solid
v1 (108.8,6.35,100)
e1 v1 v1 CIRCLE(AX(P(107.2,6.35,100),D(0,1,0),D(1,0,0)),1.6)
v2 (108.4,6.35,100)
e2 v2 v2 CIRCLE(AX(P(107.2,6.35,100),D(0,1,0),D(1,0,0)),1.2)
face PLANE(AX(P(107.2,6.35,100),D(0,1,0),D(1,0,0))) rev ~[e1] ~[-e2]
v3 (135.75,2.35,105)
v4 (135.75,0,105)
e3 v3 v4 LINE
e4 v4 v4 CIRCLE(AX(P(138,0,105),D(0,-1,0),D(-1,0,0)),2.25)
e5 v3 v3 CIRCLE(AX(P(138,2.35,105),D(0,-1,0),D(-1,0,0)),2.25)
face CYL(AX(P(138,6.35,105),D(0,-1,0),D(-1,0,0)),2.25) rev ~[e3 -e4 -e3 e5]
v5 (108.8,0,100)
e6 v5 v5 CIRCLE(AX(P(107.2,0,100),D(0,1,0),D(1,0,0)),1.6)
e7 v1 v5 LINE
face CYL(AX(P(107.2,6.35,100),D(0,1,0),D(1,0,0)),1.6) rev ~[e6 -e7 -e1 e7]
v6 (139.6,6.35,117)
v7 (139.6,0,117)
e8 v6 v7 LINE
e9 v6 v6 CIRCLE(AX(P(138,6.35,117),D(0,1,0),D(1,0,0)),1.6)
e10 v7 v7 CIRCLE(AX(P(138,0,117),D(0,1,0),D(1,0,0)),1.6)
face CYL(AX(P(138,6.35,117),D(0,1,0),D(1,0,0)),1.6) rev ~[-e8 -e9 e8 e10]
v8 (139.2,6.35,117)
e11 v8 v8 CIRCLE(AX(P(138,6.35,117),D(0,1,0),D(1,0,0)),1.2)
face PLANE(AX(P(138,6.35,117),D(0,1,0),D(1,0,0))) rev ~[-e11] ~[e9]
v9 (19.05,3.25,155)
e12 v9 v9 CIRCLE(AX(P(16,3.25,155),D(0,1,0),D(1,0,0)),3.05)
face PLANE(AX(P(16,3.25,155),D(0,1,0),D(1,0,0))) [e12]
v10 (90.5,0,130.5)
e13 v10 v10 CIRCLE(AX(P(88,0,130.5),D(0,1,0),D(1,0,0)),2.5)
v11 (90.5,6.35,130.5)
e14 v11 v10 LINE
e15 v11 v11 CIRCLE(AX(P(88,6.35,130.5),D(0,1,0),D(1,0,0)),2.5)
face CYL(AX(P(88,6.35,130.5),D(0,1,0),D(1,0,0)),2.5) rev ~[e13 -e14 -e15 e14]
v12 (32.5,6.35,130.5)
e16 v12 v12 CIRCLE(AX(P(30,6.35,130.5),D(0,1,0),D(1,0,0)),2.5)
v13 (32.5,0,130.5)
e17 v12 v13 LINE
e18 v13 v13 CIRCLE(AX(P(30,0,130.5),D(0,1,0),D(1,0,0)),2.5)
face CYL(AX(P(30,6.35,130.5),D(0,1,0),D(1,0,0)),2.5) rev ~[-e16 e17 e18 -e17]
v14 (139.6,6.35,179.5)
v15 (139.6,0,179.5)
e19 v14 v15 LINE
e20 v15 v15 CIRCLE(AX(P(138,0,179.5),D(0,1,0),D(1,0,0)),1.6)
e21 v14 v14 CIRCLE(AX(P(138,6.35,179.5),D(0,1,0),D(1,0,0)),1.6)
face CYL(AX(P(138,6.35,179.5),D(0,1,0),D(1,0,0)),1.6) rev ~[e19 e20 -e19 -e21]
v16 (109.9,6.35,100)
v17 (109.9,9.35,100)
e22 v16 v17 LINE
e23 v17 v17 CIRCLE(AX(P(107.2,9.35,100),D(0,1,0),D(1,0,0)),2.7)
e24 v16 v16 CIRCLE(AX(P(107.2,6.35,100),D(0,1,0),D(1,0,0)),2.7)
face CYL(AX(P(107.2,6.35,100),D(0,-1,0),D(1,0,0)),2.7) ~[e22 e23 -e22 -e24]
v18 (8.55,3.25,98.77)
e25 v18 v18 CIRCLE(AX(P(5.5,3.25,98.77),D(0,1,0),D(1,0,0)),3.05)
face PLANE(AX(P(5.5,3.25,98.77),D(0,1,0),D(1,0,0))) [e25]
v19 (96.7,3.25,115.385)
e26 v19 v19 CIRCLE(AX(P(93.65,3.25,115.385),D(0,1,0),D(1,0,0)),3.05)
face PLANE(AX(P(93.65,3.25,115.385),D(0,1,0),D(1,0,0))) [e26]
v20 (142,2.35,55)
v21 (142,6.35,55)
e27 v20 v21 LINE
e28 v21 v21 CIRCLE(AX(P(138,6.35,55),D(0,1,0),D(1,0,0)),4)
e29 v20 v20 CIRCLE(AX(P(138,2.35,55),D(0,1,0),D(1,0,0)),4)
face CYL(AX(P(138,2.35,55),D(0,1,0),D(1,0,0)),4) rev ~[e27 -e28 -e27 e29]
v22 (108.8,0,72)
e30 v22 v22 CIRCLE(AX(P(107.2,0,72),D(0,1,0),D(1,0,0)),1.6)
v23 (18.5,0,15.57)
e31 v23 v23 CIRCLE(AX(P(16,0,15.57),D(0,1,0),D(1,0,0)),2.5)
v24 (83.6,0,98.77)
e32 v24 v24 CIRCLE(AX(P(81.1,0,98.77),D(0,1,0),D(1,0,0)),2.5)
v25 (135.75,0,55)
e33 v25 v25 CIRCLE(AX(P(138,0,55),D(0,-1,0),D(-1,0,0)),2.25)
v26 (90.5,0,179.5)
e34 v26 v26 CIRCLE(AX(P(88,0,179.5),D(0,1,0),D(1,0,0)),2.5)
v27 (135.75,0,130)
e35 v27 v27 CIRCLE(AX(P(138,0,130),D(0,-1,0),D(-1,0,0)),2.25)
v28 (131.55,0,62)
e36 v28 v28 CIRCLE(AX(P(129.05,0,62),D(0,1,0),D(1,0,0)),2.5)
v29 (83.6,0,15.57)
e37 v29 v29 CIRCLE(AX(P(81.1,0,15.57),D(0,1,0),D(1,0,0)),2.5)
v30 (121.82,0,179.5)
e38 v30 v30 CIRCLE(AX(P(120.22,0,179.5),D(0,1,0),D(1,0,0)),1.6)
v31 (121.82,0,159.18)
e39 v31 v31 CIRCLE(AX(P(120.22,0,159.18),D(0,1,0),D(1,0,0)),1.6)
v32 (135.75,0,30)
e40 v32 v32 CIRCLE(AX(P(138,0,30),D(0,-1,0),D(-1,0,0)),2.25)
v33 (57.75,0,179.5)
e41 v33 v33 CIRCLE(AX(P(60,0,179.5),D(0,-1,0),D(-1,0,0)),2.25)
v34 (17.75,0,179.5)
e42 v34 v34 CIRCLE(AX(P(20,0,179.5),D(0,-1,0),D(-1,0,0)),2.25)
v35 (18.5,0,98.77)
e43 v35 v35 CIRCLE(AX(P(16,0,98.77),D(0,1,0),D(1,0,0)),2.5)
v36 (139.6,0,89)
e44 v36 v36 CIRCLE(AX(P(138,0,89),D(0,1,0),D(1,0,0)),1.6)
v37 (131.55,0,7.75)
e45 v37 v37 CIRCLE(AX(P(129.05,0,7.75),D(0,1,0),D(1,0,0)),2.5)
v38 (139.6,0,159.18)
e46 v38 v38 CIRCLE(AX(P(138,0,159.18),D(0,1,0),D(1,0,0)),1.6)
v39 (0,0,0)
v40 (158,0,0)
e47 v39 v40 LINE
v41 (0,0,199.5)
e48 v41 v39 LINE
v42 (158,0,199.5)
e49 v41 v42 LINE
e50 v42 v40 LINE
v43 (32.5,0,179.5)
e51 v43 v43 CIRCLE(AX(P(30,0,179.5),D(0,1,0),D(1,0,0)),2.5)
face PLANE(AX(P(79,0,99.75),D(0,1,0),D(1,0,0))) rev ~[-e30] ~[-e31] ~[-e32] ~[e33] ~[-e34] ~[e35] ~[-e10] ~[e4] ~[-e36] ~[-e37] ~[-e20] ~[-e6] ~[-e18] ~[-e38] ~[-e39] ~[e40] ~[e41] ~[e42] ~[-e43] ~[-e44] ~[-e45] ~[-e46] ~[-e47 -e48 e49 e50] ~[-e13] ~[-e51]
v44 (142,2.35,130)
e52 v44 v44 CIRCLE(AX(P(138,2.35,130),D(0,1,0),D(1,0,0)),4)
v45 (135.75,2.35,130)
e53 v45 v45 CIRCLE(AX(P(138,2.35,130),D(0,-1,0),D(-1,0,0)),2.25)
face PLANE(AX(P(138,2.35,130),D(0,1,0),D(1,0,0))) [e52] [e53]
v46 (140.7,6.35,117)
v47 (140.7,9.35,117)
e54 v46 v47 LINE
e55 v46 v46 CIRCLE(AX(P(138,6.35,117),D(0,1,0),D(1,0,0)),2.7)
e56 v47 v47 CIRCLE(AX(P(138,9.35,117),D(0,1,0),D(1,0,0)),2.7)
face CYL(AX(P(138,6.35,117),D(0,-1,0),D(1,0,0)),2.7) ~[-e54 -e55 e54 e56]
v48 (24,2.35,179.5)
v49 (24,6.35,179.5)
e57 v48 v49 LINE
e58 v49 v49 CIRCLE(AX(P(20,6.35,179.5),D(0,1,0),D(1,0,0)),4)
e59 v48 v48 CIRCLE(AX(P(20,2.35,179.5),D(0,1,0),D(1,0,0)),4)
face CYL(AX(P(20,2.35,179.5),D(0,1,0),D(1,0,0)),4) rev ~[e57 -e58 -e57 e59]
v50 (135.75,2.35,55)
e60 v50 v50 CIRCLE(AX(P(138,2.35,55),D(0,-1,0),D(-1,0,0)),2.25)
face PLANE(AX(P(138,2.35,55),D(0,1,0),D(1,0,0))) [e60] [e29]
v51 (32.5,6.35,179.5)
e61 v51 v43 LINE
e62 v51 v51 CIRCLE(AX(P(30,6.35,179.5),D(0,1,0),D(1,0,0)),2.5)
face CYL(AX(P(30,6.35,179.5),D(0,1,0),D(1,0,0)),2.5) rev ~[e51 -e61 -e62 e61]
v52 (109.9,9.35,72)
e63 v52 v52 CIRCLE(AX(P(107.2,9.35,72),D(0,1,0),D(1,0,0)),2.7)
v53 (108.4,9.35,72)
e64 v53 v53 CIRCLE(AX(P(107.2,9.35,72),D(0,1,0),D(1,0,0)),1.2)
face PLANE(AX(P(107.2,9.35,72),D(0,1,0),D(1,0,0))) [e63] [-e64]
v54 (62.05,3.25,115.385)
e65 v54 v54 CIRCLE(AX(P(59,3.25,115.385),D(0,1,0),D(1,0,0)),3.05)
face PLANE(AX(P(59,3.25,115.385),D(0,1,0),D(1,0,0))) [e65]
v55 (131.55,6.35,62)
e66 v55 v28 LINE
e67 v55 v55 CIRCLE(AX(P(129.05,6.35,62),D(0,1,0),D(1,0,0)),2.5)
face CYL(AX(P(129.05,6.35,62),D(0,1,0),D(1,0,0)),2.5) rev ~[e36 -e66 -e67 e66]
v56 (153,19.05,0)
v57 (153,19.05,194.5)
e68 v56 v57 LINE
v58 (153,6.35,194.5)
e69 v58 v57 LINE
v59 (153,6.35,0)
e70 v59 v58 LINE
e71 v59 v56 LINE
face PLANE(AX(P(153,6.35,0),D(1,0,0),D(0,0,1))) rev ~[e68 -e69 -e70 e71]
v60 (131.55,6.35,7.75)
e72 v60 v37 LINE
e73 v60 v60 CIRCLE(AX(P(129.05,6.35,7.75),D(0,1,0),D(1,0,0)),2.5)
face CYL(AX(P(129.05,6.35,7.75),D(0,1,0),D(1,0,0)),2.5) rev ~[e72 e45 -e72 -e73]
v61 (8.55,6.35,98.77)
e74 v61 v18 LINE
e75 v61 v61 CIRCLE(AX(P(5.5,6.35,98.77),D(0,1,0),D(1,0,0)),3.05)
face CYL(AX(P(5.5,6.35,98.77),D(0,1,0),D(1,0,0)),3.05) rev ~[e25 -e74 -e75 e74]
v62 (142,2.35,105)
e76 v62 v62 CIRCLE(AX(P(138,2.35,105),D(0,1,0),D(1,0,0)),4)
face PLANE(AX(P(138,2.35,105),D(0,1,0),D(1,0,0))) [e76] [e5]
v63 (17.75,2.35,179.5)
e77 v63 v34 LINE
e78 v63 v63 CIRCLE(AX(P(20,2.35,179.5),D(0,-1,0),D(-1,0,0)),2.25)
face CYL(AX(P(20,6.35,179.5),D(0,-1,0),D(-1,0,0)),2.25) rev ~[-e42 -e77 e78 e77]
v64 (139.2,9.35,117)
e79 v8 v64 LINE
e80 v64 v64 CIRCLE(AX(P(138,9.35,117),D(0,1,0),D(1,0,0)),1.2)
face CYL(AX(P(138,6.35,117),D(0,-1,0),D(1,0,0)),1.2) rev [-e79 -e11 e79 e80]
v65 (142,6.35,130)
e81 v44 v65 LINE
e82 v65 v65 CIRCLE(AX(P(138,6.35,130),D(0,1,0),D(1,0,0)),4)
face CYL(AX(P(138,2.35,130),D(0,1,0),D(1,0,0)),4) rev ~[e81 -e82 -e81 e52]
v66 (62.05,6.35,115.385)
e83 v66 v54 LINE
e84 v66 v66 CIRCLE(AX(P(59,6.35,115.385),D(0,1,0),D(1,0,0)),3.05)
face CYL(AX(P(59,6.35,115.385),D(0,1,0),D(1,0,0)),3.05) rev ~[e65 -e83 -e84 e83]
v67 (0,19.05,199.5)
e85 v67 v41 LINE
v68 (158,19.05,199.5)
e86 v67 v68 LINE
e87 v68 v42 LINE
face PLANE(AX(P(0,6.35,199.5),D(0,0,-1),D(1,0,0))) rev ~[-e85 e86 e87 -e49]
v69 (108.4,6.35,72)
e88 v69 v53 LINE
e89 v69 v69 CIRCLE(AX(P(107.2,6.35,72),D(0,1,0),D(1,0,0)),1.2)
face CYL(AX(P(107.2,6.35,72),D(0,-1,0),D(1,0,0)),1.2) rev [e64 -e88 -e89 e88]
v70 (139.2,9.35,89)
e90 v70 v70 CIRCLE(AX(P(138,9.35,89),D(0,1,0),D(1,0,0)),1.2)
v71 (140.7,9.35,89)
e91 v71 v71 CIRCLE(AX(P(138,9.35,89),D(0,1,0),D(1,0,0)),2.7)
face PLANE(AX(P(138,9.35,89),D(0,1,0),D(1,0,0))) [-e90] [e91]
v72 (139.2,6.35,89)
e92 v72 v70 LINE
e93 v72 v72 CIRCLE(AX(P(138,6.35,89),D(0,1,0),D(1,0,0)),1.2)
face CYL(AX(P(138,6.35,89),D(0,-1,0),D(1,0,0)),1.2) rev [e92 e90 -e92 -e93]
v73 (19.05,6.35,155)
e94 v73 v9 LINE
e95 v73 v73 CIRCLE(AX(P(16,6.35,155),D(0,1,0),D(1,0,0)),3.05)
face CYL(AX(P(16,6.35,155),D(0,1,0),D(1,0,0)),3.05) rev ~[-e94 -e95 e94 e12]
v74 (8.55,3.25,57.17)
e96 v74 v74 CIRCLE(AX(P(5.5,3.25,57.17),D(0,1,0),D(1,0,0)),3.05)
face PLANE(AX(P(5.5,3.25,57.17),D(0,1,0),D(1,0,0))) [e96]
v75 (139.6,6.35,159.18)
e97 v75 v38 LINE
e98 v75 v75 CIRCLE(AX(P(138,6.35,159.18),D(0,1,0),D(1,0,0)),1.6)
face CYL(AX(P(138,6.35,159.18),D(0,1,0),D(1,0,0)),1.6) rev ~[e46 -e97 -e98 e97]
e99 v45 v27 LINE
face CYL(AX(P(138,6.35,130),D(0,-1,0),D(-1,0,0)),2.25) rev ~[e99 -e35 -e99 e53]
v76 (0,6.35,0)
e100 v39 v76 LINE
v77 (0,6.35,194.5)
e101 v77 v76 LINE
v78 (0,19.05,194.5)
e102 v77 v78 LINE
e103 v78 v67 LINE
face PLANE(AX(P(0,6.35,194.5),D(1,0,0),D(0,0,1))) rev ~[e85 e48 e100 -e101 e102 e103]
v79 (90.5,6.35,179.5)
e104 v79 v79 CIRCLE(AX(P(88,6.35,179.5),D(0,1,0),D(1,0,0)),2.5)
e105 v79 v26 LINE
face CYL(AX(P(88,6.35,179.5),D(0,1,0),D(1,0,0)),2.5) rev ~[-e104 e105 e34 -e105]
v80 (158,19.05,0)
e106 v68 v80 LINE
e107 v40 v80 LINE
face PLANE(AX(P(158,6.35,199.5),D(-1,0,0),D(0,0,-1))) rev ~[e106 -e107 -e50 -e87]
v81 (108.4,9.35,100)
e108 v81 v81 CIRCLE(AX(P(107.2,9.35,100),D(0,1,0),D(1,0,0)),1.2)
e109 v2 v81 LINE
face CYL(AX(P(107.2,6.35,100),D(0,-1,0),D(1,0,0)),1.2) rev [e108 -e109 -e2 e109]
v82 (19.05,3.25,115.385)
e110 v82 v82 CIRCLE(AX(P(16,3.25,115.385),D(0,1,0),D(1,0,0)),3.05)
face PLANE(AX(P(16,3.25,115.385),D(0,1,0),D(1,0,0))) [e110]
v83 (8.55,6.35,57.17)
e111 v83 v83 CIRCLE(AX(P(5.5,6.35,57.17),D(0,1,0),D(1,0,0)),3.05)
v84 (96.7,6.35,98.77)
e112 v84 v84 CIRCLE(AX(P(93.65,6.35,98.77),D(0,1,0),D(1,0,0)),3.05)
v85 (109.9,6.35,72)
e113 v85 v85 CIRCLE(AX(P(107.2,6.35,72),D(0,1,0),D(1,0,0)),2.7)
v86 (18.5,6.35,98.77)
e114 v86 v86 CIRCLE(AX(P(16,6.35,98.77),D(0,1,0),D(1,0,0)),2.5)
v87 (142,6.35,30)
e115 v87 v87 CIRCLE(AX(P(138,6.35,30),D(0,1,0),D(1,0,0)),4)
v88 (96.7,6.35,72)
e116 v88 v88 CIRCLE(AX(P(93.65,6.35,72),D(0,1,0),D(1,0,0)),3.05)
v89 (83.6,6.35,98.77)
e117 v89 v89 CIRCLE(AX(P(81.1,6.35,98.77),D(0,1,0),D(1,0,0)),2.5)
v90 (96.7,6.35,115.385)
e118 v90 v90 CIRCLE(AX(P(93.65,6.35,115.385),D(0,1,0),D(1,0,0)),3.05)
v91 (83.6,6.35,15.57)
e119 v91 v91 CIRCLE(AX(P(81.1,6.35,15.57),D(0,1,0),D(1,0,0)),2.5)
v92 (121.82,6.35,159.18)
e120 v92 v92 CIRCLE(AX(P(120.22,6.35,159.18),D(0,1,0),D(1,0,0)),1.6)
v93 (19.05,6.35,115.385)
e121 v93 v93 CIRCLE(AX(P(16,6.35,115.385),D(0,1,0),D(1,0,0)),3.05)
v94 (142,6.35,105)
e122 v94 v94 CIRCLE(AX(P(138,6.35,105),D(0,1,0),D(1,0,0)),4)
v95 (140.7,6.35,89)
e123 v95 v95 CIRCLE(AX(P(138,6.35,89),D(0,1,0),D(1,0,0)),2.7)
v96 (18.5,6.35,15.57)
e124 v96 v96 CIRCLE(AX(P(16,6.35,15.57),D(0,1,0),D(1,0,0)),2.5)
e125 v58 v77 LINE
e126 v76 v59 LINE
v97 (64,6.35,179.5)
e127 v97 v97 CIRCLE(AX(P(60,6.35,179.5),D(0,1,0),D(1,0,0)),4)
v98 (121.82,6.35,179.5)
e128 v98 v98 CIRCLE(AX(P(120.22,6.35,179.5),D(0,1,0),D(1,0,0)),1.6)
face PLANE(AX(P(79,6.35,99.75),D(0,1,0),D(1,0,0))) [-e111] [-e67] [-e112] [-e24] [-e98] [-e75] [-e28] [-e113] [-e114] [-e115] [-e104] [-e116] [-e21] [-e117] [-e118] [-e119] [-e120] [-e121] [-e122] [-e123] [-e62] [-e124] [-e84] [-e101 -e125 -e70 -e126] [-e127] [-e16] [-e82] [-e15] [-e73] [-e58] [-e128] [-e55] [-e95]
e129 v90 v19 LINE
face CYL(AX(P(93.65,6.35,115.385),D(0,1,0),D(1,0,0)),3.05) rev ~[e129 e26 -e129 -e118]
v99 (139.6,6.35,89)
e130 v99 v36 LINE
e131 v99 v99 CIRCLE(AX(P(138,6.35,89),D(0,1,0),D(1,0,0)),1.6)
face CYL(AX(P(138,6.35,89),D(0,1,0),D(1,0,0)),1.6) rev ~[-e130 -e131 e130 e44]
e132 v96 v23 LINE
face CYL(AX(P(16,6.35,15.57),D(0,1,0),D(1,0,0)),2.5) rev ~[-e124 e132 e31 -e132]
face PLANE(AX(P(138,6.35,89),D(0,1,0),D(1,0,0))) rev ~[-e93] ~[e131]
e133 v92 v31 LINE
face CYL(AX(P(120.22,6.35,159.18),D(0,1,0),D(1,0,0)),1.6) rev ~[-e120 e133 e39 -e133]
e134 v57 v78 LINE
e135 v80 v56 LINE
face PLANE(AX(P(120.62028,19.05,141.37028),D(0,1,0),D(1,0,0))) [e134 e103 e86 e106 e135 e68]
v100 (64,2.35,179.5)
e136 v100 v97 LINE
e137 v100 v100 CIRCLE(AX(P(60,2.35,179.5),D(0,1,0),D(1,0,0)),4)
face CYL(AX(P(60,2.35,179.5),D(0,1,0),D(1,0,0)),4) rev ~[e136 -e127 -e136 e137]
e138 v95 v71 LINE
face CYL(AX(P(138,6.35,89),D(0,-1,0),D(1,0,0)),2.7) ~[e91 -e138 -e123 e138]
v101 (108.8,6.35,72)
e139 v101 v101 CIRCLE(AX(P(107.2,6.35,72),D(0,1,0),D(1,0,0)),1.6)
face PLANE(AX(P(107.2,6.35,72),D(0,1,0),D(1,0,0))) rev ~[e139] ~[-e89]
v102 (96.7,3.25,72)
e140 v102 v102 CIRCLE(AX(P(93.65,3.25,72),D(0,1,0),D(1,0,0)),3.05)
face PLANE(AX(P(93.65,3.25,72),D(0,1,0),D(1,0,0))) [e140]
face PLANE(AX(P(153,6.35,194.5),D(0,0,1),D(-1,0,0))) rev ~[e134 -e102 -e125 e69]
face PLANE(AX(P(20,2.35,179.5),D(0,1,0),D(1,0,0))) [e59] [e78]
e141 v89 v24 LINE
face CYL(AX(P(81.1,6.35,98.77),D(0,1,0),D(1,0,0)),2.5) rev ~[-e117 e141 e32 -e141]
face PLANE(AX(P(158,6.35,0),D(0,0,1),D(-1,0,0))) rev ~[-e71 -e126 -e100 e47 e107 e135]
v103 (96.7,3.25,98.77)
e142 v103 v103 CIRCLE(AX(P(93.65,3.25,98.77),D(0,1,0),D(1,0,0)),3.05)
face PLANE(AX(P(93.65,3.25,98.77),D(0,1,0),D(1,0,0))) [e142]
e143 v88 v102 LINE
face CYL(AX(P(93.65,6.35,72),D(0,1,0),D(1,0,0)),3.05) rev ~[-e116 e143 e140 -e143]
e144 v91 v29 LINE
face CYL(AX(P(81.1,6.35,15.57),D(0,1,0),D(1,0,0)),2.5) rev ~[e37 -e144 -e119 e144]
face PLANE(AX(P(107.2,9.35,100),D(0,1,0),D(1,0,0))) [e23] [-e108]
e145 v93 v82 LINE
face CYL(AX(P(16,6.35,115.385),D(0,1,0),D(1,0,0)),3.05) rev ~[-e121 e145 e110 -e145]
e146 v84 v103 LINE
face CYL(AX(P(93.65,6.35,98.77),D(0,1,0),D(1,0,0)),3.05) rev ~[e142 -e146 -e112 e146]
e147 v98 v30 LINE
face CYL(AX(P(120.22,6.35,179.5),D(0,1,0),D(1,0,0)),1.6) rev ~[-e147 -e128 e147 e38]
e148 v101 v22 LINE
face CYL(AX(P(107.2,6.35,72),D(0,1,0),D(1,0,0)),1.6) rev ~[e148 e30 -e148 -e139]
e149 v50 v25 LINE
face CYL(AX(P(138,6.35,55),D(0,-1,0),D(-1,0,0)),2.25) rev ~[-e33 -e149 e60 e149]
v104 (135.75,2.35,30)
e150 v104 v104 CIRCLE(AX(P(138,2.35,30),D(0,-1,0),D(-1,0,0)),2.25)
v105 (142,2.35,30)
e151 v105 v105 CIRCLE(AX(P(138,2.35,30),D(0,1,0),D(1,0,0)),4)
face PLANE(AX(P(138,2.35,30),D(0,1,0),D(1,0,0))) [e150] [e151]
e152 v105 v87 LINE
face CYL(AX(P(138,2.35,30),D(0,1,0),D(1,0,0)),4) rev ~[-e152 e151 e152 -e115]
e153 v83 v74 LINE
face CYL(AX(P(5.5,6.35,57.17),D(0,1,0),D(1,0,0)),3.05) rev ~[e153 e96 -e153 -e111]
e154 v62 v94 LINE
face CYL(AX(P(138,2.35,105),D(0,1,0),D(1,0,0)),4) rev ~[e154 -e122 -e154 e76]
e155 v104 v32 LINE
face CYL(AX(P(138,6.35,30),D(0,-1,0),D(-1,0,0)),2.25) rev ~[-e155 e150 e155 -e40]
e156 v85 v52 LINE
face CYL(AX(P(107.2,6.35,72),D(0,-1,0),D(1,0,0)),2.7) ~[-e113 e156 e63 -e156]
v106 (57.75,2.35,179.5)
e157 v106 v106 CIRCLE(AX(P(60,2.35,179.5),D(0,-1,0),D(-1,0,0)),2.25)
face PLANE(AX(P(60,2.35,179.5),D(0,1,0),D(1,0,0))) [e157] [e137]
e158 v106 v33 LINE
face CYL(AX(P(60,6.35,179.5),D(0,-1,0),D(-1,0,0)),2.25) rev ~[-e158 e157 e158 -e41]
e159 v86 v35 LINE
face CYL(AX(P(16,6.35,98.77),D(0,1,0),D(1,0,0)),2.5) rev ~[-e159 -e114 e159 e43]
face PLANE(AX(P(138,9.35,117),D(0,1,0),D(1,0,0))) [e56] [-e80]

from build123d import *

# Parameters (mm, degrees)
SKETCH1_W                      = 158
SKETCH1_H                      = 199.5
BOSS_EXTRUDE1_DEPTH            = 6.35
BOSS_EXTRUDE2_DEPTH            = 12.7
CBORE_FOR_M4_SHCS1_D           = 4.5
CBORE_FOR_M4_SHCS1_DEPTH       = 6.35
CBORE_FOR_M4_SHCS1_CBORE_D     = 8
CBORE_FOR_M4_SHCS1_CBORE_DEPTH = 4
SKETCH8_R                      = 2.5
ESTOP_DEPTH                    = 7.35
SKETCH9_R                      = 2.5
NUCLEOANDPI_DEPTH              = 7.35
SKETCH10_R                     = 2.7
SKETCH10_R_2                   = 1.2
BUCKS_EXTRUDE_DEPTH            = 3
SKETCH11_R                     = 1.6
BUCKS_CUT_DEPTH                = 6.35
BUCK_2_COUNT                   = 2
BUCK_2_PITCH                   = 28
SKETCH12_R                     = 2.5
PI_2_DEPTH                     = 7.35
SKETCH13_R                     = 1.6
IMU_DEPTH                      = 7.35
SKETCH15_R                     = 3.05
MAGNETS_DEPTH                  = 3.1


with BuildPart() as part:
    # Sketch1 → Boss-Extrude1 (new body)
    with BuildSketch(Plane(origin=(0, 0, 0), x_dir=(1, 0, 0), z_dir=(0, 1, 0))):
        with Locations((79, -99.75)):
            Rectangle(SKETCH1_W, SKETCH1_H)
    extrude(amount=BOSS_EXTRUDE1_DEPTH)

    # Sketch3 → Boss-Extrude2 (add)
    with BuildSketch(Plane(origin=(0, 6.35, 0), x_dir=(1, 0, 0), z_dir=(0, 1, 0))):
        Polygon((158, -199.5), (158, 0), (153, 0), (153, -194.5), (0, -194.5), (0, -199.5), align=None)
    extrude(amount=BOSS_EXTRUDE2_DEPTH)

    # CBORE for M4 SHCS1
    with Locations(Plane(origin=(0, 6.35, 0), x_dir=(1, 0, 0), z_dir=(0, 1, 0))):
        with Locations((138, -55), (20, -179.5), (60, -179.5), (138, -130), (138, -105), (138, -30)):
            CounterBoreHole(CBORE_FOR_M4_SHCS1_D / 2, CBORE_FOR_M4_SHCS1_CBORE_D / 2, CBORE_FOR_M4_SHCS1_CBORE_DEPTH, depth=CBORE_FOR_M4_SHCS1_DEPTH)

    # Sketch8 → eStop (cut, through all)
    with BuildSketch(Plane(origin=(0, 6.35, 0), x_dir=(1, 0, 0), z_dir=(0, 1, 0))):
        with Locations((129.05, -62)):
            Circle(SKETCH8_R)
        with Locations((129.05, -7.75)):
            Circle(SKETCH8_R)
    extrude(amount=-ESTOP_DEPTH, mode=Mode.SUBTRACT)

    # Sketch9 → NucleoAndPi (cut, through all)
    with BuildSketch(Plane(origin=(0, 6.35, 0), x_dir=(1, 0, 0), z_dir=(0, 1, 0))):
        with Locations((16, -15.57)):
            Circle(SKETCH9_R)
        with Locations((81.1, -15.57)):
            Circle(SKETCH9_R)
        with Locations((81.1, -98.77)):
            Circle(SKETCH9_R)
        with Locations((16, -98.77)):
            Circle(SKETCH9_R)
    extrude(amount=-NUCLEOANDPI_DEPTH, mode=Mode.SUBTRACT)

    # Sketch10 → Bucks - Extrude (add)
    with BuildSketch(Plane(origin=(0, 6.35, 0), x_dir=(1, 0, 0), z_dir=(0, 1, 0))):
        with Locations((138, -89)):
            Circle(SKETCH10_R)
        with Locations((138, -89)):
            Circle(SKETCH10_R_2, mode=Mode.SUBTRACT)
        with Locations((107.2, -72)):
            Circle(SKETCH10_R)
        with Locations((107.2, -72)):
            Circle(SKETCH10_R_2, mode=Mode.SUBTRACT)
    bucks_extrude = extrude(amount=BUCKS_EXTRUDE_DEPTH)

    # Sketch11 → Bucks - Cut (cut)
    with BuildSketch(Plane(origin=(0, 6.35, 0), x_dir=(1, 0, 0), z_dir=(0, 1, 0))):
        with Locations((138, -89)):
            Circle(SKETCH11_R)
        with Locations((107.2, -72)):
            Circle(SKETCH11_R)
    bucks_cut = extrude(amount=-BUCKS_CUT_DEPTH, mode=Mode.SUBTRACT)

    # Buck 2: Bucks - Extrude, Bucks - Cut ×2
    with Locations(*[(0, 0, i * BUCK_2_PITCH) for i in range(1, BUCK_2_COUNT)]):
        add(bucks_extrude)
        add(bucks_cut, mode=Mode.SUBTRACT)

    # Sketch12 → Pi 2 (cut, through all)
    with BuildSketch(Plane(origin=(0, 6.35, 0), x_dir=(1, 0, 0), z_dir=(0, 1, 0))):
        with Locations((30, -130.5)):
            Circle(SKETCH12_R)
        with Locations((88, -130.5)):
            Circle(SKETCH12_R)
        with Locations((88, -179.5)):
            Circle(SKETCH12_R)
        with Locations((30, -179.5)):
            Circle(SKETCH12_R)
    extrude(amount=-PI_2_DEPTH, mode=Mode.SUBTRACT)

    # Sketch13 → IMU (cut, through all)
    with BuildSketch(Plane(origin=(0, 6.35, 0), x_dir=(1, 0, 0), z_dir=(0, 1, 0))):
        with Locations((120.22, -159.18)):
            Circle(SKETCH13_R)
        with Locations((120.22, -179.5)):
            Circle(SKETCH13_R)
        with Locations((138, -159.18)):
            Circle(SKETCH13_R)
        with Locations((138, -179.5)):
            Circle(SKETCH13_R)
    extrude(amount=-IMU_DEPTH, mode=Mode.SUBTRACT)

    # Sketch15 → MAGNETS (cut)
    with BuildSketch(Plane(origin=(0, 6.35, 0), x_dir=(1, 0, 0), z_dir=(0, 1, 0))):
        with Locations((5.5, -57.17)):
            Circle(SKETCH15_R)
        with Locations((5.5, -98.77)):
            Circle(SKETCH15_R)
        with Locations((16, -115.385)):
            Circle(SKETCH15_R)
        with Locations((59, -115.385)):
            Circle(SKETCH15_R)
        with Locations((93.65, -98.77)):
            Circle(SKETCH15_R)
        with Locations((93.65, -115.385)):
            Circle(SKETCH15_R)
        with Locations((93.65, -72)):
            Circle(SKETCH15_R)
        with Locations((16, -155)):
            Circle(SKETCH15_R)
    extrude(amount=-MAGNETS_DEPTH, mode=Mode.SUBTRACT)


solid = part.part
